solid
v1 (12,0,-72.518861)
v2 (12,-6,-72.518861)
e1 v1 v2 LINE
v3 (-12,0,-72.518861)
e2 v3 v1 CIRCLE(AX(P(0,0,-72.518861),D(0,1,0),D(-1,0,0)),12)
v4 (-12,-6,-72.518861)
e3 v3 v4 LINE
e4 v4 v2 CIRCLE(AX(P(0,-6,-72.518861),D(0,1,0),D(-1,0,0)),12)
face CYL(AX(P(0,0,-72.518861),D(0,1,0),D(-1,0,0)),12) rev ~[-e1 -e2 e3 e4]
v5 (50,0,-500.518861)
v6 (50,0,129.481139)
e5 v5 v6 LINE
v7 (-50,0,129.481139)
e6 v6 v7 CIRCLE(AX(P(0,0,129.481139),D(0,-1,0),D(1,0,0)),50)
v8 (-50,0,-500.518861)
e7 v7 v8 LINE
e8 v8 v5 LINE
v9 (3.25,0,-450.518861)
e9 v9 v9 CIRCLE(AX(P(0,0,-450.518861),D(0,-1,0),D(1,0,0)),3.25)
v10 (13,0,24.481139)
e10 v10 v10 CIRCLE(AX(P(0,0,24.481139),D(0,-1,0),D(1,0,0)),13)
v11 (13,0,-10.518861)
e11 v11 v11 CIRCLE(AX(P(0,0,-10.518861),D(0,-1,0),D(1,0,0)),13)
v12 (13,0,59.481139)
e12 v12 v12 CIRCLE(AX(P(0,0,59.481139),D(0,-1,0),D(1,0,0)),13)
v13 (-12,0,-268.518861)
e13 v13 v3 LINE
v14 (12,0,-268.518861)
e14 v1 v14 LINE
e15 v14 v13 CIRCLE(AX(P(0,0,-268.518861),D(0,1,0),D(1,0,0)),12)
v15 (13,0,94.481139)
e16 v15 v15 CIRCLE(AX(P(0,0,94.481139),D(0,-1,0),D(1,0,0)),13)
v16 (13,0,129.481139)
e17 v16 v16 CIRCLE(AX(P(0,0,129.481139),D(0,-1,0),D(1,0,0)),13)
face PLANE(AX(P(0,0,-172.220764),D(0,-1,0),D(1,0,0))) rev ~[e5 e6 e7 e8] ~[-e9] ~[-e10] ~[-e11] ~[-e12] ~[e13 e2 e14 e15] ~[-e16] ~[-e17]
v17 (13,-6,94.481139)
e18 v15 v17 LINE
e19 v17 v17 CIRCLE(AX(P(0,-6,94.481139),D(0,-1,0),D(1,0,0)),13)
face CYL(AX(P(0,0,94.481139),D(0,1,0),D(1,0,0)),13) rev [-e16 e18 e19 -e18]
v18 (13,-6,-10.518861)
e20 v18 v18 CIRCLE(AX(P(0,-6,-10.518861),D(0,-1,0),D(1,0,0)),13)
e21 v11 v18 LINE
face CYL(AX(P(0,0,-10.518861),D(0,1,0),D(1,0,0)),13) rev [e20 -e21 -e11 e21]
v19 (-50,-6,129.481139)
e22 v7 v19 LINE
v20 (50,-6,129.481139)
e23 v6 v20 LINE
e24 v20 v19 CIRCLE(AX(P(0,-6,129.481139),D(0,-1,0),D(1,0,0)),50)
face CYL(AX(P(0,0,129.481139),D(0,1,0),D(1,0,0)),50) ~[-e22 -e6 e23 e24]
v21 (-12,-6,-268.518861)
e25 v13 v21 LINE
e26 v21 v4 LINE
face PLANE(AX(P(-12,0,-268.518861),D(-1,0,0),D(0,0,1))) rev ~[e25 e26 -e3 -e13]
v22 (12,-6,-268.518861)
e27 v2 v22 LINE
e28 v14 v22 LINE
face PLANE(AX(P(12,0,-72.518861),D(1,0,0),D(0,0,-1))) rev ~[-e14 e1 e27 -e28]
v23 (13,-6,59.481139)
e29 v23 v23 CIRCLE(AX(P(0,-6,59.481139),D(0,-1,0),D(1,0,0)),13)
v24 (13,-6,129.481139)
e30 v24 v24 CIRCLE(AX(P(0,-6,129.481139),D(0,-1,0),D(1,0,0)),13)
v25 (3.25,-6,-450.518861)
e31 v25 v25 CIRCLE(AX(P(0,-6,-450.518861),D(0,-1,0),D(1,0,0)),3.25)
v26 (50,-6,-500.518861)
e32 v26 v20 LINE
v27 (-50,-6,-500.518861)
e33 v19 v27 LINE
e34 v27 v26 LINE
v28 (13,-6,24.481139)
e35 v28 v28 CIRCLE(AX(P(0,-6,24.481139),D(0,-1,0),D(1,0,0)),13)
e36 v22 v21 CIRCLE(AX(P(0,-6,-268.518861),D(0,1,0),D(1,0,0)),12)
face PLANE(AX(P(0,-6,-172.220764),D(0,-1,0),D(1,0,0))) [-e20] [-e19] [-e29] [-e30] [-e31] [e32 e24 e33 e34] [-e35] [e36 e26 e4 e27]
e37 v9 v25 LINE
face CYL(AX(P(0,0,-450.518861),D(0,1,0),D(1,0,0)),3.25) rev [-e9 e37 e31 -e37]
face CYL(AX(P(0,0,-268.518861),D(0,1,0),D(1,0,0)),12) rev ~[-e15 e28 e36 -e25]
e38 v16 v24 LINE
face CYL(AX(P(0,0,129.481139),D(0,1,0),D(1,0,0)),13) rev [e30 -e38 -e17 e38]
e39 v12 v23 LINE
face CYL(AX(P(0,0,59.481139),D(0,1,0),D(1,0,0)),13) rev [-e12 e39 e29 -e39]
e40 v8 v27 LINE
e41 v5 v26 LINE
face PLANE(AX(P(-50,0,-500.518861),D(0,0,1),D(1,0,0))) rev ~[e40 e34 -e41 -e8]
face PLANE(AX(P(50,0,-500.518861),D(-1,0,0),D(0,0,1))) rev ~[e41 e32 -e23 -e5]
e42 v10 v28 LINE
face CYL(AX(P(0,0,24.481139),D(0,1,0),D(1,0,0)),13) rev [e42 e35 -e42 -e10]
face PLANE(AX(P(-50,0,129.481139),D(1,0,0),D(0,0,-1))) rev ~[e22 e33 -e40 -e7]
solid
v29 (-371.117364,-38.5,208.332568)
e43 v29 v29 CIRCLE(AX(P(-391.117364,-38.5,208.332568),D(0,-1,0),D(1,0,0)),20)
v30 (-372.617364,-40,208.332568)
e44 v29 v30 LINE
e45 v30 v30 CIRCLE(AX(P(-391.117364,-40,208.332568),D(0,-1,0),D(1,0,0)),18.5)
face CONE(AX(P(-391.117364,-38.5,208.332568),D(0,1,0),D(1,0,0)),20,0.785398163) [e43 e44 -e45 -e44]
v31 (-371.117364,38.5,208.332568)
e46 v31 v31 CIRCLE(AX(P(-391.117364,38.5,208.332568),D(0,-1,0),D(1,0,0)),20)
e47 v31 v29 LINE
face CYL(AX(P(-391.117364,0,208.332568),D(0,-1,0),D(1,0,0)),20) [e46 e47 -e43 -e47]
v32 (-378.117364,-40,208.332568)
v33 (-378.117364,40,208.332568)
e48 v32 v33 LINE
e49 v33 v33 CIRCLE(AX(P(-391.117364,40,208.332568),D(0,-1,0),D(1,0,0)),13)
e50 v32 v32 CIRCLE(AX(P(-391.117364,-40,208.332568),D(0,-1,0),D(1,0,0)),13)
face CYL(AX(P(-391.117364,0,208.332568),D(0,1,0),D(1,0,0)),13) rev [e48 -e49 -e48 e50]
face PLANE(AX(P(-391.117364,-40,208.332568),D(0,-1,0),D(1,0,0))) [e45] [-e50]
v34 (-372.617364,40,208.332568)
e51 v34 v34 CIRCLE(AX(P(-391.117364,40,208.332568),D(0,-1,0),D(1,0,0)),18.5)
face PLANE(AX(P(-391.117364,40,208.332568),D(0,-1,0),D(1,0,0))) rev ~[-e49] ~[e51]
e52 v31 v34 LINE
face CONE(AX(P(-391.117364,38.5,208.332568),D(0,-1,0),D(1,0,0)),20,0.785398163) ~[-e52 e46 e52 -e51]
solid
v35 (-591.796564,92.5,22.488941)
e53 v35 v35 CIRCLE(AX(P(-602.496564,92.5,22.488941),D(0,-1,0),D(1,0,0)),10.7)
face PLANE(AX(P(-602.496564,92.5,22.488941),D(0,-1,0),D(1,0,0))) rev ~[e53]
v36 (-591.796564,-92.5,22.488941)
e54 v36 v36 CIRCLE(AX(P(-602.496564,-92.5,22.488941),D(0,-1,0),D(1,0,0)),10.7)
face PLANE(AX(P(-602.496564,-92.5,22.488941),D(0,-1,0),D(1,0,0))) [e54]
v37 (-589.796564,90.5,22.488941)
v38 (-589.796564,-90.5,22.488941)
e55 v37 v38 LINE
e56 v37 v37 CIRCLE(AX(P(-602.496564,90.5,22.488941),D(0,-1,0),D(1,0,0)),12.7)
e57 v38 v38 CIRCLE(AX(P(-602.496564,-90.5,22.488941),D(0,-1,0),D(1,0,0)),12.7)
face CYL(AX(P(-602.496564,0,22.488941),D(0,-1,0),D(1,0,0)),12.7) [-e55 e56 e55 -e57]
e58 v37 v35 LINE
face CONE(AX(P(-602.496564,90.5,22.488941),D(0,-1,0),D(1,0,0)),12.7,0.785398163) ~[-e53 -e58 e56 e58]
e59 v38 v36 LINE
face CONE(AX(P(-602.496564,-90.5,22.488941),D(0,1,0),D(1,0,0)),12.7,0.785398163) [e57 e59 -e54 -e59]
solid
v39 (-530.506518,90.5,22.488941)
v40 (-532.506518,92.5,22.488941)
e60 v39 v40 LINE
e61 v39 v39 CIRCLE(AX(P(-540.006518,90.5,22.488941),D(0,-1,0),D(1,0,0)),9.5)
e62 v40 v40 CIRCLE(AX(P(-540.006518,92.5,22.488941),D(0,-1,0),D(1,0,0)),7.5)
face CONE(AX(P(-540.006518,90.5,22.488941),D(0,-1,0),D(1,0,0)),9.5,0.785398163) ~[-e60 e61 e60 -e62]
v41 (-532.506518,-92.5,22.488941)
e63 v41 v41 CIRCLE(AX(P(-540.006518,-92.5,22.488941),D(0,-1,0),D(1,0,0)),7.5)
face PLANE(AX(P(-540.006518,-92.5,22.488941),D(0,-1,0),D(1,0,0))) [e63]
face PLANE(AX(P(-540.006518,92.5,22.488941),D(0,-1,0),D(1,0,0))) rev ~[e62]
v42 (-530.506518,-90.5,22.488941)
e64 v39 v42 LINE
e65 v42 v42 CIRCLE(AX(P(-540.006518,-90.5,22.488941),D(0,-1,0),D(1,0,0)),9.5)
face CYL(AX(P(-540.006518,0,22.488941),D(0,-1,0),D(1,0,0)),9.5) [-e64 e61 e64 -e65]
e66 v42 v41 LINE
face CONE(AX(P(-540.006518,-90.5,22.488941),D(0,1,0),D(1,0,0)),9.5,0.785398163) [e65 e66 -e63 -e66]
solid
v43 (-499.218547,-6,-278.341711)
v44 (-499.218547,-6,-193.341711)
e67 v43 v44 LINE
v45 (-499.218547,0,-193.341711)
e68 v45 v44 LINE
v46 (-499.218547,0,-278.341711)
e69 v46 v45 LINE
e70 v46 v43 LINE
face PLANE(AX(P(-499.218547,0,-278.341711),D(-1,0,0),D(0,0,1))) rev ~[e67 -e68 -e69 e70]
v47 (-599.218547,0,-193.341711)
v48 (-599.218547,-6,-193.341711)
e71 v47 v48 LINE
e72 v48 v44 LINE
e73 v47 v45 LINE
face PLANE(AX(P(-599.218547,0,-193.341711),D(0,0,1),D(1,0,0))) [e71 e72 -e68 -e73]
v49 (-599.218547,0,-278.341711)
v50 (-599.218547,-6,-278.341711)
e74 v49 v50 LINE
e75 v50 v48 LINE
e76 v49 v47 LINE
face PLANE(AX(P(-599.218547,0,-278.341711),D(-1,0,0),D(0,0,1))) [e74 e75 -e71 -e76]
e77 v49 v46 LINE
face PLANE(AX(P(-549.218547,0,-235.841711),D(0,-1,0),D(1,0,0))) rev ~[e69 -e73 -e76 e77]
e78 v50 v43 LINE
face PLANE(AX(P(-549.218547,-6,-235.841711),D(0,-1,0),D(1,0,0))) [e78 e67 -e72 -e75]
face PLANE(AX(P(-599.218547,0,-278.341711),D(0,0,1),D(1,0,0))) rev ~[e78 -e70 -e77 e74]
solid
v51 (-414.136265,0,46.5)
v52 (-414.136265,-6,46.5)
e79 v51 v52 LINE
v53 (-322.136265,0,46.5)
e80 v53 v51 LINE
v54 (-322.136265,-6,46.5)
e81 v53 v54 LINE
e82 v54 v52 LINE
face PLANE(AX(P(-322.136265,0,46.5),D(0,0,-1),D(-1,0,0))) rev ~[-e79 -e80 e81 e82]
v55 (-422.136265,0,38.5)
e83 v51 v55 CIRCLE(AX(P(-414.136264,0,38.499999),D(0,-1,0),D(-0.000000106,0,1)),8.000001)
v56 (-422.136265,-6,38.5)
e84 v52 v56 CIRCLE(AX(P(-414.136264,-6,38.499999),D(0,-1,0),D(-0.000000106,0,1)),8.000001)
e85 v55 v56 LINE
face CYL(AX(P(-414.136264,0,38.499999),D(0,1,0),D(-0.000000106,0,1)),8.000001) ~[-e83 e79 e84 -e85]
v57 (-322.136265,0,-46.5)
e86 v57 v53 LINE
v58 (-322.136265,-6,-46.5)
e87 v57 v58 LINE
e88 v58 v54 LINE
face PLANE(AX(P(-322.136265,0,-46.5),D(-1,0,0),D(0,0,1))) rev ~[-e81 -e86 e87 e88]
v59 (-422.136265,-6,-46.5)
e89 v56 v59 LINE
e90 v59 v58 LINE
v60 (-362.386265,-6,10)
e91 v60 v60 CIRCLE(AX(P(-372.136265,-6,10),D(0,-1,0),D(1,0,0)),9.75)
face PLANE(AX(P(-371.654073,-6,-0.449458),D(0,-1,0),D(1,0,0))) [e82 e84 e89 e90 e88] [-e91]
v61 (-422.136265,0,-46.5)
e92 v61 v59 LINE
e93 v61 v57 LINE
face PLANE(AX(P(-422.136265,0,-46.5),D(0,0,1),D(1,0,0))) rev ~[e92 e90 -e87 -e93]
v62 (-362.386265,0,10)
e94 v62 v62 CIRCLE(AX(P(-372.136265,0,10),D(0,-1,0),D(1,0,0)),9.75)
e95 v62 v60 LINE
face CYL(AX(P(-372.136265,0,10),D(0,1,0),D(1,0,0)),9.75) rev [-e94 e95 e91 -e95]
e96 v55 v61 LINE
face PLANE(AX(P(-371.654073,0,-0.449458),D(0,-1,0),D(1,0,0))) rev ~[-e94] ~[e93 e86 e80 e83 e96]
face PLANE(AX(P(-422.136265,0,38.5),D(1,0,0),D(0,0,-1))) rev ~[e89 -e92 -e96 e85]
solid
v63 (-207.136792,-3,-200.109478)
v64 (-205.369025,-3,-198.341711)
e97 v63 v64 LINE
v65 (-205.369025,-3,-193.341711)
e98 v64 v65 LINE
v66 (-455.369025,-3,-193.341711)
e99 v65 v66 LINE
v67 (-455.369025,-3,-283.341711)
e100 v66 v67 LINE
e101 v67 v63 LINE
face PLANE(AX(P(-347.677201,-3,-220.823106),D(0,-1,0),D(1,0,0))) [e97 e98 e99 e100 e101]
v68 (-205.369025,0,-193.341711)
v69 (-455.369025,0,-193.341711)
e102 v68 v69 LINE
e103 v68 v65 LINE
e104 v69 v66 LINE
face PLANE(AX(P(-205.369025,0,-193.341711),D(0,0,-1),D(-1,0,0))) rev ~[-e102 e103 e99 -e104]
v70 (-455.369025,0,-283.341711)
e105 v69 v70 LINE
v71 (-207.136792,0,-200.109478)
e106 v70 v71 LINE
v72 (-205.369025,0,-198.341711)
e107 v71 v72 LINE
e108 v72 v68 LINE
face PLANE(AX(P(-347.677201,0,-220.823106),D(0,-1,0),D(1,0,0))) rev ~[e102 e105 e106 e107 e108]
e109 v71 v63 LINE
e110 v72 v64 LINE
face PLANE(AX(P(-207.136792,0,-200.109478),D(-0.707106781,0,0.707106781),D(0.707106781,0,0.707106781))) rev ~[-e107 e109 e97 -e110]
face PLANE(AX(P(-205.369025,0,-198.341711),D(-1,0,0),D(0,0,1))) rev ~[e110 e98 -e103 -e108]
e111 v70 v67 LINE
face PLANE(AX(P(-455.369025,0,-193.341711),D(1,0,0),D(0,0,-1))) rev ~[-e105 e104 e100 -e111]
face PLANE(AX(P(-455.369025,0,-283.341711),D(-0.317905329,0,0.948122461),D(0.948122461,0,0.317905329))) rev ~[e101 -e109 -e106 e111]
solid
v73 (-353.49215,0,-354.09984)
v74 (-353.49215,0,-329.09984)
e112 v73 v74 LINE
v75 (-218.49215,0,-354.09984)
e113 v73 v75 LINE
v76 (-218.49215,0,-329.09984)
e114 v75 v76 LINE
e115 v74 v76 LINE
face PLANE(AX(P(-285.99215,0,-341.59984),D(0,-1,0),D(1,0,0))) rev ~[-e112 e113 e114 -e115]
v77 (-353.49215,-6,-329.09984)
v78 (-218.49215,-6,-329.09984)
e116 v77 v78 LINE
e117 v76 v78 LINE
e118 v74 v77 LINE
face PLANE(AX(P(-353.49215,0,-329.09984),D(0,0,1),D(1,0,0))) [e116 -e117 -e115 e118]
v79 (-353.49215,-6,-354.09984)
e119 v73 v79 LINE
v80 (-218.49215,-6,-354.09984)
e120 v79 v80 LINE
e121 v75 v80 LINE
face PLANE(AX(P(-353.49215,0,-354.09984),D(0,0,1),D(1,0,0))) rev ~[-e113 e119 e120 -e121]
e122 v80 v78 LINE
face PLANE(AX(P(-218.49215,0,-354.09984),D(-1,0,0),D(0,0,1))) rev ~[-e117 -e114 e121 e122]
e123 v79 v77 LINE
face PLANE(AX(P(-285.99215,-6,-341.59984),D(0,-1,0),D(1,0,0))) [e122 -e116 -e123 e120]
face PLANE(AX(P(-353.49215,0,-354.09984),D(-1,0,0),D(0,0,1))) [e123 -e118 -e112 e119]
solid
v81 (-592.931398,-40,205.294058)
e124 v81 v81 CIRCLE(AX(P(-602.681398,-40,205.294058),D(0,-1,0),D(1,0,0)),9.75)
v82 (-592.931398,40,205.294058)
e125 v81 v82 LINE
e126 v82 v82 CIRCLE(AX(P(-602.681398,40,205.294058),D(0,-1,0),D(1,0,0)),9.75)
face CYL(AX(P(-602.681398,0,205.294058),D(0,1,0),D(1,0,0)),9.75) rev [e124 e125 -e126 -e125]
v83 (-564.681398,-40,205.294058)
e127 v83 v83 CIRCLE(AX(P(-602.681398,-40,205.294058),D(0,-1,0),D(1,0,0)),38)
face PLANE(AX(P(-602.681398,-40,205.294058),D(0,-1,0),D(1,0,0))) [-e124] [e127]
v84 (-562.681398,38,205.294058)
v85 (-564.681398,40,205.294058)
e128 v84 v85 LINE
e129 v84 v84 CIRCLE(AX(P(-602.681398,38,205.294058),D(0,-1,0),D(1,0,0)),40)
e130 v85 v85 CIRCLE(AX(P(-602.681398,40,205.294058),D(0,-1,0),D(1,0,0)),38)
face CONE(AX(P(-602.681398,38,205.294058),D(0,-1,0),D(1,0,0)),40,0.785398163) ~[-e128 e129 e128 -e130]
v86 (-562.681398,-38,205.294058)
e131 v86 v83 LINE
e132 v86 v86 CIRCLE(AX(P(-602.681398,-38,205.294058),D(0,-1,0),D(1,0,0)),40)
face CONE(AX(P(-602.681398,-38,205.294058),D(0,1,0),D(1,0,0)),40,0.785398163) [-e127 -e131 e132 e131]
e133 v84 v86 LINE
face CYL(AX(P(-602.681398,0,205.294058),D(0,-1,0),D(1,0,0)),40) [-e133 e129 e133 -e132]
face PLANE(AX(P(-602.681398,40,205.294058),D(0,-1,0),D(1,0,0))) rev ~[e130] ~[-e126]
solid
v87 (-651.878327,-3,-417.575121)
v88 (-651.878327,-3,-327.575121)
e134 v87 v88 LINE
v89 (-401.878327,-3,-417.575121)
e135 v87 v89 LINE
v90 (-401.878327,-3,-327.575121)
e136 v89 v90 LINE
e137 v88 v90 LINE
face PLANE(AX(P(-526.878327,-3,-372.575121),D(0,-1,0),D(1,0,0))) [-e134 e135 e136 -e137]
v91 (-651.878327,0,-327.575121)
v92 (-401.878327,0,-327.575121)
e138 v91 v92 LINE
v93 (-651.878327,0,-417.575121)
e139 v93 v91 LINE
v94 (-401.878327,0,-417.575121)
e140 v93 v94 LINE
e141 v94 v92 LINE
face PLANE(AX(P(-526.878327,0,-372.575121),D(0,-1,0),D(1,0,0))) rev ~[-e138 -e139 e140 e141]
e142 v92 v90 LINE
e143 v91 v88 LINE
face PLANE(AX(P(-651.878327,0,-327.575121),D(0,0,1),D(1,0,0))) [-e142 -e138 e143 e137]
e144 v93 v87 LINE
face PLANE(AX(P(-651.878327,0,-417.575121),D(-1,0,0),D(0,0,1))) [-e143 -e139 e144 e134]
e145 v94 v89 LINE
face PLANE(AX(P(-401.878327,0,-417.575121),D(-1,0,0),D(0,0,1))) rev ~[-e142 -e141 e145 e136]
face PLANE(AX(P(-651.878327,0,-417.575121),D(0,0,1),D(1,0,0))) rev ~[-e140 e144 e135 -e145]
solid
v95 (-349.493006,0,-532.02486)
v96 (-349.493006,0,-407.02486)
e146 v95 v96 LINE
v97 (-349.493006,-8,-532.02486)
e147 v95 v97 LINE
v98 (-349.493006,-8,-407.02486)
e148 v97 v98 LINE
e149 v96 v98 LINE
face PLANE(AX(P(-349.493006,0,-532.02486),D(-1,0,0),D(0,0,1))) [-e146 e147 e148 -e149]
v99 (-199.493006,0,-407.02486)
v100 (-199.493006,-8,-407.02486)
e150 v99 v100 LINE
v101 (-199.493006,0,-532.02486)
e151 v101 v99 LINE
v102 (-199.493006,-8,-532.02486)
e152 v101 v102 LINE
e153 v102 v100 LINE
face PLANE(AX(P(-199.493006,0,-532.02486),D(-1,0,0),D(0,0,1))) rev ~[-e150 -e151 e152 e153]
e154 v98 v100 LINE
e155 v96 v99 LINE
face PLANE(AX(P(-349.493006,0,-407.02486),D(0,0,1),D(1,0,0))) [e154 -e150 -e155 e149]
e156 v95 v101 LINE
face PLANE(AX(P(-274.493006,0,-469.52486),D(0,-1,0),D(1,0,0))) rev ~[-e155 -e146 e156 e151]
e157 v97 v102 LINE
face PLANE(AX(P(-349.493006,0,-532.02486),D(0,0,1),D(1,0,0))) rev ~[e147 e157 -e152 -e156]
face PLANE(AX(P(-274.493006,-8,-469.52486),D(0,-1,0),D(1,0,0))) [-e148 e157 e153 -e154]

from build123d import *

# Parameters (mm, degrees)
F0_R      = 3.25
F0_R_2    = 13
F1_DEPTH  = 6
F0_R_3    = 20
F2_DEPTH  = 40
F3_SIZE   = 1.5
F0_R_4    = 40
F0_R_5    = 9.75
F4_DEPTH  = 40
F5_SIZE   = 2
F0_R_6    = 12.7
F6_DEPTH  = 92.5
F0_R_7    = 9.5
F7_DEPTH  = 92.5
F8_SIZE   = 2
F9_SIZE   = 2
F10_DEPTH = 6
F0_W      = 150
F0_H      = 125
F11_DEPTH = 8
F0_W_2    = 135
F0_H_2    = 25
F12_DEPTH = 6
F13_DEPTH = 3
F0_W_3    = 100
F0_H_3    = 85
F14_DEPTH = 6
F0_W_4    = 250
F0_H_4    = 90
F15_DEPTH = 3


with BuildPart() as f1:
    # F0 (on Front) → F1 (new body)
    with BuildSketch(Plane.XZ):
        with BuildLine():
            Line((-50, 129.481139), (-50, -500.518861))
            Line((-50, -500.518861), (50, -500.518861))
            Line((50, -500.518861), (50, 129.481139))
            ThreePointArc((50, 129.481139), (0, 179.481139), (-50, 129.481139))
        make_face()
        with Locations((0, -450.518861)):
            Circle(F0_R, mode=Mode.SUBTRACT)
        with BuildLine():
            Line((-12, -268.518861), (-12, -72.518861))
            ThreePointArc((-12, -72.518861), (0, -60.518861), (12, -72.518861))
            Line((12, -72.518861), (12, -268.518861))
            ThreePointArc((12, -268.518861), (0, -280.518861), (-12, -268.518861))
        make_face(mode=Mode.SUBTRACT)
        with Locations((0, -10.518861)):
            Circle(F0_R_2, mode=Mode.SUBTRACT)
        with Locations((0, 24.481139)):
            Circle(F0_R_2, mode=Mode.SUBTRACT)
        with Locations((0, 59.481139)):
            Circle(F0_R_2, mode=Mode.SUBTRACT)
        with Locations((0, 94.481139)):
            Circle(F0_R_2, mode=Mode.SUBTRACT)
        with Locations((0, 129.481139)):
            Circle(F0_R_2, mode=Mode.SUBTRACT)
    extrude(amount=F1_DEPTH)


with BuildPart() as f2:
    # F0 (on Front) → F2 (new body, symmetric)
    with BuildSketch(Plane.XZ):
        with Locations((-391.117364, 208.332568)):
            Circle(F0_R_3)
        with Locations((-391.117364, 208.332568)):
            Circle(F0_R_2, mode=Mode.SUBTRACT)
    extrude(amount=F2_DEPTH, both=True)

    # F3
    f3_edges = [f2.edges().sort_by_distance(p)[0] for p in [
        (-411.117364, -40, 208.332568),
        (-411.117364, 40, 208.332568),
    ]]
    chamfer(f3_edges, length=F3_SIZE)


with BuildPart() as f4:
    # F0 (on Front) → F4 (new body, symmetric)
    with BuildSketch(Plane.XZ):
        with Locations((-602.681398, 205.294058)):
            Circle(F0_R_4)
        with Locations((-602.681398, 205.294058)):
            Circle(F0_R_5, mode=Mode.SUBTRACT)
    extrude(amount=F4_DEPTH, both=True)

    # F5
    f5_edges = [f4.edges().sort_by_distance(p)[0] for p in [
        (-642.681398, -40, 205.294058),
        (-642.681398, 40, 205.294058),
    ]]
    chamfer(f5_edges, length=F5_SIZE)


with BuildPart() as f6:
    # F0 (on Front) → F6 (new body, symmetric)
    with BuildSketch(Plane.XZ):
        with Locations((-602.496564, 22.488941)):
            Circle(F0_R_6)
    extrude(amount=F6_DEPTH, both=True)

    # F8
    f8_edges = [f6.edges().sort_by_distance(p)[0] for p in [
        (-615.196564, -92.5, 22.488941),
        (-615.196564, 92.5, 22.488941),
    ]]
    chamfer(f8_edges, length=F8_SIZE)


with BuildPart() as f7:
    # F0 (on Front) → F7 (new body, symmetric)
    with BuildSketch(Plane.XZ):
        with Locations((-540.006518, 22.488941)):
            Circle(F0_R_7)
    extrude(amount=F7_DEPTH, both=True)

    # F9
    f9_edges = [f7.edges().sort_by_distance(p)[0] for p in [
        (-549.506518, -92.5, 22.488941),
        (-549.506518, 92.5, 22.488941),
    ]]
    chamfer(f9_edges, length=F9_SIZE)


with BuildPart() as f10:
    # F0 (on Front) → F10 (new body)
    with BuildSketch(Plane.XZ):
        with BuildLine():
            Line((-322.136265, -46.5), (-322.136265, 46.5))
            Line((-322.136265, 46.5), (-414.136265, 46.5))
            ThreePointArc((-414.136265, 46.5), (-419.793119, 44.156854), (-422.136265, 38.5))
            Line((-422.136265, 38.5), (-422.136265, -46.5))
            Line((-422.136265, -46.5), (-322.136265, -46.5))
        make_face()
        with Locations((-372.136265, 10)):
            Circle(F0_R_5, mode=Mode.SUBTRACT)
    extrude(amount=F10_DEPTH)


with BuildPart() as f11:
    # F0 (on Front) → F11 (new body)
    with BuildSketch(Plane.XZ):
        with Locations((-274.493006, -469.52486)):
            Rectangle(F0_W, F0_H)
    extrude(amount=F11_DEPTH)


with BuildPart() as f12:
    # F0 (on Front) → F12 (new body)
    with BuildSketch(Plane.XZ):
        with Locations((-285.99215, -341.59984)):
            Rectangle(F0_W_2, F0_H_2)
    extrude(amount=F12_DEPTH)


with BuildPart() as f13:
    # F0 (on Front) → F13 (new body)
    with BuildSketch(Plane.XZ):
        Polygon((-205.369025, -193.341711), (-455.369025, -193.341711), (-455.369025, -283.341711), (-207.136792, -200.109478), (-205.369025, -198.341711), align=None)
    extrude(amount=F13_DEPTH)


with BuildPart() as f14:
    # F0 (on Front) → F14 (new body)
    with BuildSketch(Plane.XZ):
        with Locations((-549.218547, -235.841711)):
            Rectangle(F0_W_3, F0_H_3)
    extrude(amount=F14_DEPTH)


with BuildPart() as f15:
    # F0 (on Front) → F15 (new body)
    with BuildSketch(Plane.XZ):
        with Locations((-526.878327, -372.575121)):
            Rectangle(F0_W_4, F0_H_4)
    extrude(amount=F15_DEPTH)


solid = Compound([f1.part, f2.part, f4.part, f6.part, f7.part, f10.part, f11.part, f12.part, f13.part, f14.part, f15.part])
